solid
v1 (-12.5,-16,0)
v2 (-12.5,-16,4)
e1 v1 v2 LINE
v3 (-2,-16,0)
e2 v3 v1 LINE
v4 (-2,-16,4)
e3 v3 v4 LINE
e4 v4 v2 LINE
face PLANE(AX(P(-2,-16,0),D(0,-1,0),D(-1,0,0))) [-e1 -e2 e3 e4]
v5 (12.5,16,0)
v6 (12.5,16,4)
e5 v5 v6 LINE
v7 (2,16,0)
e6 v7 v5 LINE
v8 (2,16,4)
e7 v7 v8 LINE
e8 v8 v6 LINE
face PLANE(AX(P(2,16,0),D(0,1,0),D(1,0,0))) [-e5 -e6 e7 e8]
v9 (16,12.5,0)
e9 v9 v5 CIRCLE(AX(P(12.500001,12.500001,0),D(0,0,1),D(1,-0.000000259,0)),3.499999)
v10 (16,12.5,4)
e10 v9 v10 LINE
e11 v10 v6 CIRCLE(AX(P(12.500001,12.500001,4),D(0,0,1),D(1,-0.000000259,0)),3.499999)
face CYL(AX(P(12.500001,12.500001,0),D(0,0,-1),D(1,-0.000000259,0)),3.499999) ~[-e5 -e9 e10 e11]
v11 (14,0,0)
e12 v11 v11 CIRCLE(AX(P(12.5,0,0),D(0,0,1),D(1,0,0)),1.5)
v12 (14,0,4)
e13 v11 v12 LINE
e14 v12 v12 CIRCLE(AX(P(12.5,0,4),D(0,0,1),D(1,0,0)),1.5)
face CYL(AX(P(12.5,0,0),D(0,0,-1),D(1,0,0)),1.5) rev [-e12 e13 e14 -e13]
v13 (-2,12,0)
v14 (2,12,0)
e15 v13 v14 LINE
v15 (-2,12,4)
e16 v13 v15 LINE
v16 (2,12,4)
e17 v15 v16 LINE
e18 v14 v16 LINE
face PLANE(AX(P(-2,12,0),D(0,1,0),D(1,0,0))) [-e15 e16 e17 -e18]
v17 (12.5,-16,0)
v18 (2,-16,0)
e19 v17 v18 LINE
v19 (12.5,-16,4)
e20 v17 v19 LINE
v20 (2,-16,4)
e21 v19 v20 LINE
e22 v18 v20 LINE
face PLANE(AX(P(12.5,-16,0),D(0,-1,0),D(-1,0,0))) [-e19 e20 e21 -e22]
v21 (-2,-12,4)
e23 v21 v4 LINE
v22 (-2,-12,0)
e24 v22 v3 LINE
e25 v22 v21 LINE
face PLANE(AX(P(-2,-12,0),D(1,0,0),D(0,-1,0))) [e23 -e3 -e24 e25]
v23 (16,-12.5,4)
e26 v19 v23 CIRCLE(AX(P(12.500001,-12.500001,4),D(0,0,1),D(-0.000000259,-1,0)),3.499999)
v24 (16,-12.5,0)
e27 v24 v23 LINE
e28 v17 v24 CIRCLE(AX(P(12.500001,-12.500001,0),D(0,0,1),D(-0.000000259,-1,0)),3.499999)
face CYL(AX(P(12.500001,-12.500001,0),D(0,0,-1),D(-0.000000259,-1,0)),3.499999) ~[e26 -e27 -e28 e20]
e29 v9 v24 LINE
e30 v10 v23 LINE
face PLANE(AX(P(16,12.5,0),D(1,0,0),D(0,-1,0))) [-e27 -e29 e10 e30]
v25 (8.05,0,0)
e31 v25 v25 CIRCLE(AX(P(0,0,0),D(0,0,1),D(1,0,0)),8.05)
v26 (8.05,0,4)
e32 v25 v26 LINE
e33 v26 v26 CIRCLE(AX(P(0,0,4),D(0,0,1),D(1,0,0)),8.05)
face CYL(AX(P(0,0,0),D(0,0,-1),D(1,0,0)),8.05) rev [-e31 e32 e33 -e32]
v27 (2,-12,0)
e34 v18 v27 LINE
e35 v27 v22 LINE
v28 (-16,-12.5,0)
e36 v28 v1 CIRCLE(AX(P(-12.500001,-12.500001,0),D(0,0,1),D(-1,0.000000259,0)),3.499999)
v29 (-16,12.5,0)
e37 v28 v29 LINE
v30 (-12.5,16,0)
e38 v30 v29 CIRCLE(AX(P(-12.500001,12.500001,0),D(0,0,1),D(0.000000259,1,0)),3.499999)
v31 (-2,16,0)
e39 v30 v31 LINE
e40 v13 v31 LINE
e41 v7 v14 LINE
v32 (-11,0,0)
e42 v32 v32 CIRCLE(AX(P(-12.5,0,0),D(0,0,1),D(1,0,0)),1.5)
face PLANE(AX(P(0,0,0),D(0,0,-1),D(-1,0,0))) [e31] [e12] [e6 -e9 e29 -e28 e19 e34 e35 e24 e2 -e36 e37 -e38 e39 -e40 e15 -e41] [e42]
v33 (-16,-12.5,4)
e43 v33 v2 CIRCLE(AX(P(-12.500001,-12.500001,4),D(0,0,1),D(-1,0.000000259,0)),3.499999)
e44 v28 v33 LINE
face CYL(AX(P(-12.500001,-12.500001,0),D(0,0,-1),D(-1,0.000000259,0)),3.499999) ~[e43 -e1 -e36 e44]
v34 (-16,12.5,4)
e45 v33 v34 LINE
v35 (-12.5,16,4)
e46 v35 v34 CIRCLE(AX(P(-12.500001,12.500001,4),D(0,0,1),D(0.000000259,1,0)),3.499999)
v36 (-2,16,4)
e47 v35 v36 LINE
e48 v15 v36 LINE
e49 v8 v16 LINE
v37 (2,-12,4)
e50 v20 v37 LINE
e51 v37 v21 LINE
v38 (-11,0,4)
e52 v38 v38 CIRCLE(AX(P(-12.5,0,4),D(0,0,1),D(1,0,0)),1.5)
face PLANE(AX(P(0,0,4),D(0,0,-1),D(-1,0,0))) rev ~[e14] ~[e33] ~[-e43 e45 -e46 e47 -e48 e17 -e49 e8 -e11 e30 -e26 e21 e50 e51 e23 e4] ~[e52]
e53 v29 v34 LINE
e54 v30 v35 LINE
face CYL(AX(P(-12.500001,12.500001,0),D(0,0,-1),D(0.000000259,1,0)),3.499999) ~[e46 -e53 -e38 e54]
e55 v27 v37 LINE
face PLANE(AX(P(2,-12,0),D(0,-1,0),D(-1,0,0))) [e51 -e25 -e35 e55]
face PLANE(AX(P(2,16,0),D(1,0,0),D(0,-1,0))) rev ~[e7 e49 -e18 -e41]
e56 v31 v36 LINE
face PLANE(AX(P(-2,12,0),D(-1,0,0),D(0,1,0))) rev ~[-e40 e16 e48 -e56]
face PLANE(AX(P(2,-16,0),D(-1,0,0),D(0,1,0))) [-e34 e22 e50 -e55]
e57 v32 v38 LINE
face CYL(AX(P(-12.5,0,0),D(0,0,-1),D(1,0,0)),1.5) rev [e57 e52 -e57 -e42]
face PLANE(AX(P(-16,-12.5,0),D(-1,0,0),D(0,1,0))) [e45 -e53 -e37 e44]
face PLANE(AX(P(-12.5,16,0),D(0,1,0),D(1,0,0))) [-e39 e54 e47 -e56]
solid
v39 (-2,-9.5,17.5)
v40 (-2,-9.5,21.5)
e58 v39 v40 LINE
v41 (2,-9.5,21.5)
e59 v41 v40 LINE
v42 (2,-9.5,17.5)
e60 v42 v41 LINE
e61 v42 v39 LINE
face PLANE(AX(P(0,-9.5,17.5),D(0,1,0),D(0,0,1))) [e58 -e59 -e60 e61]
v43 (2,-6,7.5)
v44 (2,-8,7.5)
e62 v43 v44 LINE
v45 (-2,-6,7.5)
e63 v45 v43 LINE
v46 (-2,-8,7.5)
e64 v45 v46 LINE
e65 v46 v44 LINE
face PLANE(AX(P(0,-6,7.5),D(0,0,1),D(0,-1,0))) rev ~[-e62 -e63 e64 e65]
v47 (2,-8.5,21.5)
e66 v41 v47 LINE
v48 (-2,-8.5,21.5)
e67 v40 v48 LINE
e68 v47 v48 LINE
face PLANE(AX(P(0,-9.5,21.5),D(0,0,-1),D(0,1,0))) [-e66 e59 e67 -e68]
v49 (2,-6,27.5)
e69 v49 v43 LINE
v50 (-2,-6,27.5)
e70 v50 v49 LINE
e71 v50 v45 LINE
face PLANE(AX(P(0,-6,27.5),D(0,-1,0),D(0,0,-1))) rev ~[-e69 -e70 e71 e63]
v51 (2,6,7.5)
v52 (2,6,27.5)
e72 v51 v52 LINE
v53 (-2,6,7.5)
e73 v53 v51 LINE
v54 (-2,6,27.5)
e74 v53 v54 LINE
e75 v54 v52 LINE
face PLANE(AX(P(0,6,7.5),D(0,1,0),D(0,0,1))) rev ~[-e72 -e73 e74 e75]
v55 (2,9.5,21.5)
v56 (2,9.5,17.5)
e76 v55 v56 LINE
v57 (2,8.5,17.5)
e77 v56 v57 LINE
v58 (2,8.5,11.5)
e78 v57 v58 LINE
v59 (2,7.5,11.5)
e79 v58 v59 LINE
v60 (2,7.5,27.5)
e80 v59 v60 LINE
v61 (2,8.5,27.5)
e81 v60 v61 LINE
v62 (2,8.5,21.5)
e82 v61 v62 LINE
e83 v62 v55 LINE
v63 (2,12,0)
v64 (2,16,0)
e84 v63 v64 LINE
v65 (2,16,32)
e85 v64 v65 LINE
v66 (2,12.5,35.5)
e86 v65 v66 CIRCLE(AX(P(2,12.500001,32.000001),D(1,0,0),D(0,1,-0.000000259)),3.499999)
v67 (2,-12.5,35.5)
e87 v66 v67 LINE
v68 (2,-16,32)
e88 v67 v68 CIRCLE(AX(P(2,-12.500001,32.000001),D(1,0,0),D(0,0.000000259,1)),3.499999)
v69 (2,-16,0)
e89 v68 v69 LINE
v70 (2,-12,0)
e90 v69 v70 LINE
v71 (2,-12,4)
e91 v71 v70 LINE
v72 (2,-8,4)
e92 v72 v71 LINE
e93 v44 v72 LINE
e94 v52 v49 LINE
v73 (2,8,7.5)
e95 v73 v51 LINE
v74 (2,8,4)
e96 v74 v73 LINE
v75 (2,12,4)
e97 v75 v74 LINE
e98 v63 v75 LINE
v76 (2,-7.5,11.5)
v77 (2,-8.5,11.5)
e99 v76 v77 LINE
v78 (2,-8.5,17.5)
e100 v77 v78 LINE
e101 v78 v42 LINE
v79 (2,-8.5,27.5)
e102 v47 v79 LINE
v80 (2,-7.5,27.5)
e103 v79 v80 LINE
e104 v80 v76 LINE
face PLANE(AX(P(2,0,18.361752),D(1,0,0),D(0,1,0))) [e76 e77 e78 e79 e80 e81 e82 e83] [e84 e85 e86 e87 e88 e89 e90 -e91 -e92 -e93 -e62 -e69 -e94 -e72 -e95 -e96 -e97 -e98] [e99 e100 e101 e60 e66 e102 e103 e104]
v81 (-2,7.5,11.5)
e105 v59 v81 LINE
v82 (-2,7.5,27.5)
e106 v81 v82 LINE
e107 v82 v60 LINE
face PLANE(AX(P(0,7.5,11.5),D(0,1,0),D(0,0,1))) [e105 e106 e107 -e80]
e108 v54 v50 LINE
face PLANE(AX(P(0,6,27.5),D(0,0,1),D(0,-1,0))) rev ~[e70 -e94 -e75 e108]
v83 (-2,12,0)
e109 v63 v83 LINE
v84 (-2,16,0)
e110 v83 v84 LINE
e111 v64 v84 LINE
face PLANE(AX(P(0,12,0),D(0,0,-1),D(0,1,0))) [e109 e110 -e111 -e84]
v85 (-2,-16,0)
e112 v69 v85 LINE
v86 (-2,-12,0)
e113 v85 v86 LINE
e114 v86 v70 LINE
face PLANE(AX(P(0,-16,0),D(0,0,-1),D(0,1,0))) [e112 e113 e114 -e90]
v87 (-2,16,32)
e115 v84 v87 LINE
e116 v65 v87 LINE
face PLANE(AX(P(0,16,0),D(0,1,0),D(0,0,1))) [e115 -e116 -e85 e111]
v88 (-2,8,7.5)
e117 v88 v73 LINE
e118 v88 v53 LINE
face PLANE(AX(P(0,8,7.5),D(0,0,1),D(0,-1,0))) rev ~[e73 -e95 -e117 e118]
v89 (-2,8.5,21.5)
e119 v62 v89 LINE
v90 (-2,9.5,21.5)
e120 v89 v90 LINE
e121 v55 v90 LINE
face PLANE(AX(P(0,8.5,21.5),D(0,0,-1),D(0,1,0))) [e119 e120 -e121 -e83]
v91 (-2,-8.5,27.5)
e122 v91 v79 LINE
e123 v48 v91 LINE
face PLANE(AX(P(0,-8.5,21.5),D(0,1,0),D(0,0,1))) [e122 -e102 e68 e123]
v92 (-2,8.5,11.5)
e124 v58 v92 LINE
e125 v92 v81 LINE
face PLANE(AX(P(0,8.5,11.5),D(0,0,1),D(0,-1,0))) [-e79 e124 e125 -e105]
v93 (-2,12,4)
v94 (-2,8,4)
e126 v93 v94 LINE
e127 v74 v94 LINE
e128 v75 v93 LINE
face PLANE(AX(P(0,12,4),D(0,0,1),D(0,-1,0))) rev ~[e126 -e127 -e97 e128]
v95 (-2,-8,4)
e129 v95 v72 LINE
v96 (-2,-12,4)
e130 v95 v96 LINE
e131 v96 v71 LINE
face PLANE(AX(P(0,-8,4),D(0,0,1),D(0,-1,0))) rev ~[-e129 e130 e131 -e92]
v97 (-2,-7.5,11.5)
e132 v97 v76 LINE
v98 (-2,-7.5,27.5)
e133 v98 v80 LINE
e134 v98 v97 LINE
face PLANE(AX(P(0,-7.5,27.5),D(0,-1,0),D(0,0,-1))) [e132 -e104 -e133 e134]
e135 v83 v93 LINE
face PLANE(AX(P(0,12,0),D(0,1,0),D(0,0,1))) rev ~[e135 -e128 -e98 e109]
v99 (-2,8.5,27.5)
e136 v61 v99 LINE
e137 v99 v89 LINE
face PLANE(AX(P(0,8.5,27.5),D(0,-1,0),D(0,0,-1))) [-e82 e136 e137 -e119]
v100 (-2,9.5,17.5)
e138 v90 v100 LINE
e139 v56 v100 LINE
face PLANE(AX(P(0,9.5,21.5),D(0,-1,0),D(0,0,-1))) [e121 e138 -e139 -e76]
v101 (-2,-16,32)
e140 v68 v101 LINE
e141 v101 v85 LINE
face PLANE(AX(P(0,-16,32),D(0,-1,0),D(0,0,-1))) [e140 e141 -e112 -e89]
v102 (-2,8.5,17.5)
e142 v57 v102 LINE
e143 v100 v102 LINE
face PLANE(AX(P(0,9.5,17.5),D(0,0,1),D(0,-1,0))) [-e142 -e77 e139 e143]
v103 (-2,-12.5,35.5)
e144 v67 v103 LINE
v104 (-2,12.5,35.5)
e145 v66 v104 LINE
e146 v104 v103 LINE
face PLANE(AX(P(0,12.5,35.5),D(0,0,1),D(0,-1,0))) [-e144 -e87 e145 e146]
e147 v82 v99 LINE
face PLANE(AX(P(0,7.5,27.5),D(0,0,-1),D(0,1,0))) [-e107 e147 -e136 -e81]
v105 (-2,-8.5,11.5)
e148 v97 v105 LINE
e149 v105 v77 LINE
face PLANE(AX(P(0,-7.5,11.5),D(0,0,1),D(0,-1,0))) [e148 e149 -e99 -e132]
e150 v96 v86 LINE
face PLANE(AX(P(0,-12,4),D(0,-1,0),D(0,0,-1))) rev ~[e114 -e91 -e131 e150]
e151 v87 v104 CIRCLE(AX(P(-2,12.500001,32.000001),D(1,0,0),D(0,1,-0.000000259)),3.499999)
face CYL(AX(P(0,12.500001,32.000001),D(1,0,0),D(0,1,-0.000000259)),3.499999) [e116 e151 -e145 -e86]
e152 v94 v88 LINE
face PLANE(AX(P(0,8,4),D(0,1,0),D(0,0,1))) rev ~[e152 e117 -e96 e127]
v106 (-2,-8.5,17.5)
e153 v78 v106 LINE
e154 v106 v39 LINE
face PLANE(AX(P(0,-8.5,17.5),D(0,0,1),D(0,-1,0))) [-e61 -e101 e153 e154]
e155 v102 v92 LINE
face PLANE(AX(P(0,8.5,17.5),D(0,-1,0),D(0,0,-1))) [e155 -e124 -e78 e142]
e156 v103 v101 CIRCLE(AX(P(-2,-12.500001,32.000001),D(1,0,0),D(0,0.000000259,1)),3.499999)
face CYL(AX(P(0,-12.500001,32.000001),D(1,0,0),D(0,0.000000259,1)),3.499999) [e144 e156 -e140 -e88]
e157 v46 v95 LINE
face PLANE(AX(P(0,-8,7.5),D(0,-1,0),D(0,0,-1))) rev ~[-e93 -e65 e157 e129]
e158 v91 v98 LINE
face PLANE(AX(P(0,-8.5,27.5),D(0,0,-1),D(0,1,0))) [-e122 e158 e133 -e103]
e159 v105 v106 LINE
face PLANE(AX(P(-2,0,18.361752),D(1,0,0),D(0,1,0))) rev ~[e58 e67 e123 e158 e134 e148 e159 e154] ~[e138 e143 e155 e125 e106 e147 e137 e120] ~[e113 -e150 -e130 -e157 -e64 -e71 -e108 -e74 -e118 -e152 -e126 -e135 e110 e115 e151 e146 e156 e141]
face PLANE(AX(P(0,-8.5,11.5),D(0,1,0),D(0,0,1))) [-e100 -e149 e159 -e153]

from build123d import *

# Parameters (mm, degrees)
SKETCH_R          = 8.05
SKETCH_R_2        = 1.5
PAD_DEPTH         = 4
PAD001_DEPTH      = 2
PAD001_DEPTH_BACK = 2


with BuildPart() as body:
    # Sketch → Pad (new body)
    with BuildSketch(Plane.XY):
        with BuildLine():
            Line((-12.5, 16), (-2, 16))
            Line((-2, 12), (-2, 16))
            Line((-2, 12), (2, 12))
            Line((2, 16), (2, 12))
            Line((2, 16), (12.5, 16))
            ThreePointArc((16, 12.5), (14.974874, 14.974874), (12.5, 16))
            Line((16, 12.5), (16, -12.5))
            ThreePointArc((12.5, -16), (14.974874, -14.974874), (16, -12.5))
            Line((12.5, -16), (2, -16))
            Line((2, -16), (2, -12))
            Line((2, -12), (-2, -12))
            Line((-2, -12), (-2, -16))
            Line((-2, -16), (-12.5, -16))
            ThreePointArc((-16, -12.5), (-14.974874, -14.974874), (-12.5, -16))
            Line((-16, -12.5), (-16, 12.5))
            ThreePointArc((-12.5, 16), (-14.974874, 14.974874), (-16, 12.5))
        make_face()
        Circle(SKETCH_R, mode=Mode.SUBTRACT)
        with Locations((-12.5, 0)):
            Circle(SKETCH_R_2, mode=Mode.SUBTRACT)
        with Locations((12.5, 0)):
            Circle(SKETCH_R_2, mode=Mode.SUBTRACT)
    extrude(amount=PAD_DEPTH)


with BuildPart() as body002:
    # Sketch002 → Pad001 (new body, two sides)
    with BuildSketch(Plane.YZ) as pad001_sk:
        with BuildLine():
            Line((-16, 0), (-12, 0))
            Line((-12, 4), (-12, 0))
            Line((-8, 4), (-12, 4))
            Line((-8, 7.5), (-8, 4))
            Line((-6, 7.5), (-8, 7.5))
            Line((-6, 27.5), (-6, 7.5))
            Line((6, 27.5), (-6, 27.5))
            Line((6, 7.5), (6, 27.5))
            Line((8, 7.5), (6, 7.5))
            Line((8, 4), (8, 7.5))
            Line((12, 4), (8, 4))
            Line((12, 0), (12, 4))
            Line((12, 0), (16, 0))
            Line((16, 0), (16, 32))
            ThreePointArc((16, 32), (14.974874, 34.474874), (12.5, 35.5))
            Line((12.5, 35.5), (-12.5, 35.5))
            ThreePointArc((-12.5, 35.5), (-14.974874, 34.474874), (-16, 32))
            Line((-16, 32), (-16, 0))
        make_face()
        Polygon((-8.5, 27.5), (-7.5, 27.5), (-7.5, 11.5), (-8.5, 11.5), (-8.5, 17.5), (-9.5, 17.5), (-9.5, 21.5), (-8.5, 21.5), align=None, mode=Mode.SUBTRACT)
        Polygon((7.5, 27.5), (8.5, 27.5), (8.5, 21.5), (9.5, 21.5), (9.5, 17.5), (8.5, 17.5), (8.5, 11.5), (7.5, 11.5), align=None, mode=Mode.SUBTRACT)
    extrude(amount=PAD001_DEPTH)
    extrude(pad001_sk.sketch, amount=-PAD001_DEPTH_BACK)


solid = Compound([body.part, body002.part])
